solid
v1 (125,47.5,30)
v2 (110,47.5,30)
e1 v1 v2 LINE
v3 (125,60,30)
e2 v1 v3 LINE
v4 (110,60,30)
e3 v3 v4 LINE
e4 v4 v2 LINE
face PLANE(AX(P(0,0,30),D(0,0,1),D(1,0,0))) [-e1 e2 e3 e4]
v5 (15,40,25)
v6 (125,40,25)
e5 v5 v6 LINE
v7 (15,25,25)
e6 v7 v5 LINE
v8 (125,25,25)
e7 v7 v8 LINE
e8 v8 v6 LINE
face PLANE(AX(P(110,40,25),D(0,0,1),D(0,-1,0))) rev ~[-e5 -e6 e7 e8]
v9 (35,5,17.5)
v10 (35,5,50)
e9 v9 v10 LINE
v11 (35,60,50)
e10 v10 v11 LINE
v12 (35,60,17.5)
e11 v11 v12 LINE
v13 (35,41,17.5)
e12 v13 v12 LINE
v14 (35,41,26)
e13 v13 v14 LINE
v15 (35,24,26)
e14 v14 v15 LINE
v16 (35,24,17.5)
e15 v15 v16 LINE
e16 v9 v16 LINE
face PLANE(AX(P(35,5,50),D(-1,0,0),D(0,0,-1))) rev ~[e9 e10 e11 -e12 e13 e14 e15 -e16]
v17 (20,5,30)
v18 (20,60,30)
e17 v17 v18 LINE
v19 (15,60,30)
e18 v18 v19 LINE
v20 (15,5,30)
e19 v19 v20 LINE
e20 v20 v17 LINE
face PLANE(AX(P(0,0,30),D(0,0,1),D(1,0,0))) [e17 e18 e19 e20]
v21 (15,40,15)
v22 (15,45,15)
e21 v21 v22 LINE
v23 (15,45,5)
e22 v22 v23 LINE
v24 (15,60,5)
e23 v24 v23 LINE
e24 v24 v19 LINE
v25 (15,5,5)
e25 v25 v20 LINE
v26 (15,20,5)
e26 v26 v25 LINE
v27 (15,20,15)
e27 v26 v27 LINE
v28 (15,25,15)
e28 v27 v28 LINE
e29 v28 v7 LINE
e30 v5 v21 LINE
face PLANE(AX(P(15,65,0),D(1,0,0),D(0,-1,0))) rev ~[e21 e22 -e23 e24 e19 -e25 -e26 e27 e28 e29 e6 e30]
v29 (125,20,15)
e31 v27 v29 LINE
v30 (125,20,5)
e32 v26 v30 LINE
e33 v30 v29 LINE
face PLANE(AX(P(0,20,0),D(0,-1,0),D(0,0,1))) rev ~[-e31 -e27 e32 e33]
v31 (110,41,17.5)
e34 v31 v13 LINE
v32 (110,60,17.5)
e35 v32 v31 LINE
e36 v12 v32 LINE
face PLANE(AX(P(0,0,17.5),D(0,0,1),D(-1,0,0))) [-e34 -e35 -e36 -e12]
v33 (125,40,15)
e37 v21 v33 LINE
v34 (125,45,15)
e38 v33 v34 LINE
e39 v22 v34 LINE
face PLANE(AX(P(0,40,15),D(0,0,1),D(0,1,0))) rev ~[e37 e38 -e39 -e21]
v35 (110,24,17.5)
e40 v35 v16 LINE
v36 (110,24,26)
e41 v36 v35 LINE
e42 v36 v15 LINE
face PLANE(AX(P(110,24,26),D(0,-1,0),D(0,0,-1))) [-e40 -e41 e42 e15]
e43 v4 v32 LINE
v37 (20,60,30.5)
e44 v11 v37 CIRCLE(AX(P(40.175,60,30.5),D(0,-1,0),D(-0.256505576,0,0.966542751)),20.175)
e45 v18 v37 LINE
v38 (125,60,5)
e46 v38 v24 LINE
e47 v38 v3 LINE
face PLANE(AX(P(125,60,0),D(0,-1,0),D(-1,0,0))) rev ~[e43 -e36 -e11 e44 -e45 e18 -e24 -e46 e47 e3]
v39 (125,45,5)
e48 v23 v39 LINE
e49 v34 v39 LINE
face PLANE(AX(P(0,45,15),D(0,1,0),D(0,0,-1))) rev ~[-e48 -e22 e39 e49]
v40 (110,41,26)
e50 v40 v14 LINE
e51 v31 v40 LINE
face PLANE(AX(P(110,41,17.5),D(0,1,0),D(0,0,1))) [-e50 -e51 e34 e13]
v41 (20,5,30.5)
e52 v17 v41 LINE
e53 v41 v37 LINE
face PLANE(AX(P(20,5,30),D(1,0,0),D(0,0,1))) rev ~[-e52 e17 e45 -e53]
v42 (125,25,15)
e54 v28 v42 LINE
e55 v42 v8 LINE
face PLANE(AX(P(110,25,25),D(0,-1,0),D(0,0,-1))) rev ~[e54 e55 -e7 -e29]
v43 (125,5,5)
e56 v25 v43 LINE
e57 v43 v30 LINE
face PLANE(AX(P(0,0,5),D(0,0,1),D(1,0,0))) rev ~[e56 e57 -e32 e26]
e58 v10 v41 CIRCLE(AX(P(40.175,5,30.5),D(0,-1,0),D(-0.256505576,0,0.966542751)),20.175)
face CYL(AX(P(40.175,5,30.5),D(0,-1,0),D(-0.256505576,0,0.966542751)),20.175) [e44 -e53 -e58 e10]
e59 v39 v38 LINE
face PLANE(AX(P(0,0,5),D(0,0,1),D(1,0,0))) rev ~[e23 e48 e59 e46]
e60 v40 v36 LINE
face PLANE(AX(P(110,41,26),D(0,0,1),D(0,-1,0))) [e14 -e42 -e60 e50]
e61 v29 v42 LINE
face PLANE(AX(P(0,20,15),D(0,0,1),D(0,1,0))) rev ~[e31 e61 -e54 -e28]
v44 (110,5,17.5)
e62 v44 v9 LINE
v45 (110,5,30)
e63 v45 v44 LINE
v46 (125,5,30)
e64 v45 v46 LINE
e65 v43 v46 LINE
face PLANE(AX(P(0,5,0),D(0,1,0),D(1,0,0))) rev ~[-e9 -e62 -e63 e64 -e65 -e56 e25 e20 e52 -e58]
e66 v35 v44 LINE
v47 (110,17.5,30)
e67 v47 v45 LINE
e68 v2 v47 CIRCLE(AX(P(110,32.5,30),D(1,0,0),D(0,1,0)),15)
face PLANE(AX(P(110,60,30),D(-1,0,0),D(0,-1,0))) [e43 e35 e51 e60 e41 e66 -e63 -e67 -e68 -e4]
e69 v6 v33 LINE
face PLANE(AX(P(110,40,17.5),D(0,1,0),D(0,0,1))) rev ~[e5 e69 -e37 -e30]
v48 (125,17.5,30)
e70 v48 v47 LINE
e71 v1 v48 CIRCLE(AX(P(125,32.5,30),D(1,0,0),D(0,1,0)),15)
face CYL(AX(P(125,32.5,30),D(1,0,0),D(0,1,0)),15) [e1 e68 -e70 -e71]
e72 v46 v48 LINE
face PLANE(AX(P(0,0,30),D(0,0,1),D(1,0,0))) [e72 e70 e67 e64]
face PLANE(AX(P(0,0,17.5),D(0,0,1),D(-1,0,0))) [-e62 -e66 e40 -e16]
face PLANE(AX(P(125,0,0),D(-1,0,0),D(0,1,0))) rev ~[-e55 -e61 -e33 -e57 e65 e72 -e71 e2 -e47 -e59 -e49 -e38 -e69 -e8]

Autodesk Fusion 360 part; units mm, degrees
sketch "Sketch1" plane through (0, 0, 0) normal (0, 0, 1) x (1, 0, 0)
  line L0 (0, 0) -> (125, 0)
  line L1 (125, 0) -> (125, 65)
  line L2 (125, 65) -> (0, 65)
  line L3 (0, 65) -> (0, 0)
extrude "Extrude1" add sketch "Sketch1" along normal blind 30
sketch "Sketch2" plane through (0, 0, 0) normal (-1, 0, 0) x (0, -1, 0)
  line L0 (-65, 0) -> (0, 0)
  line L1 (0, 0) -> (0, 30)
  line L2 (0, 30) -> (-65, 30)
  line L3 (-65, 30) -> (-65, 0)
  line L4 (-20, 0) -> (-20, 15)
  line L5 (-20, 15) -> (-25, 15)
  line L6 (-25, 15) -> (-25, 25)
  line L7 (-25, 25) -> (-40, 25)
  line L8 (-40, 25) -> (-40, 15)
  line L9 (-40, 15) -> (-45, 15)
  line L10 (-45, 15) -> (-45, 0)
  line L11 (-45, 0) -> (-20, 0)
  dimension "d18" = 15
  dimension "d19" = 15
extrude "Extrude2" cut sketch "Sketch2" against normal blind 125 contours L0 L4 L5 L6 L7 L8 L9 L10 L11
extrude "Extrude3" cut 1 faces at (41.6667, 0, 10) along direction (0, 1, 0) blind 5
extrude "Extrude4" cut 1 faces at (83.3333, 65, 10) along direction (0, -1, 0) blind 5
extrude "Extrude5" cut 1 faces at (0, 55, 15) along direction (1, 0, 0) blind 15
sketch "Sketch3" plane through (0, 5, 0) normal (0, -1, 0) x (1, 0, 0)
  line L0 (15, 30) -> (15, 0)
  line L1 (15, 0) -> (125, 0)
  line L2 (125, 0) -> (125, 30)
  line L3 (125, 30) -> (15, 30)
  line L4 (20, 30) -> (20, 30.5)
  arc A0 (35, 50) -> (20, 30.5) centre (40.175, 30.5) ccw
  line L5 (35, 50) -> (35, 30)
extrude "Extrude6" add sketch "Sketch3" against normal blind 55 contours L3 L4 A0 L5
sketch "Sketch4" plane through (0, 0, 30) normal (0, 0, 1) x (-1, 0, 0)
  line L0 (-35, -60) -> (-35, -5)
  line L1 (-35, -5) -> (-125, -5)
  line L2 (-125, -5) -> (-125, -60)
  line L3 (-125, -60) -> (-35, -60)
sketch "Sketch5" plane through (125, 0, 0) normal (1, 0, 0) x (0, 1, 0)
  line L0 (60, 0) -> (60, 30)
  line L1 (60, 30) -> (5, 30)
  line L2 (5, 30) -> (5, 0)
  line L3 (5, 0) -> (20, 0)
  line L4 (20, 0) -> (20, 15)
  line L5 (20, 15) -> (25, 15)
  line L6 (25, 15) -> (25, 25)
  line L7 (25, 25) -> (40, 25)
  line L8 (40, 25) -> (40, 15)
  line L9 (40, 15) -> (45, 15)
  line L10 (45, 15) -> (45, 0)
  line L11 (45, 0) -> (60, 0)
  circle A0 centre (32.5, 30) radius 15
  dimension "d13" = 30
extrude "Extrude7" add sketch "Sketch5" against normal blind 15 contours L1 A0
sketch "Sketch6" plane through (0, 0, 30) normal (0, 0, 1) x (-1, 0, 0)
  line L0 (-35, -60) -> (-110, -60)
  line L1 (-110, -60) -> (-110, -5)
  line L2 (-110, -5) -> (-35, -5)
  line L3 (-35, -5) -> (-35, -60)
extrude "Extrude8" cut sketch "Sketch6" against normal blind 12.5
extrude "Extrude9" cut 2 faces at (51.6667, 15, 0) (88.3333, 50, 0) along direction (0, 0, 1) blind 5
sketch "Sketch7" plane through (110, 0, 0) normal (-1, 0, 0) x (0, -1, 0)
  arc A0 (-17.5, 30) -> (-47.5, 30) centre (-32.5, 30) ccw
  line L0 (-47.5, 30) -> (-60, 30)
  line L1 (-60, 30) -> (-60, 17.5)
  line L2 (-60, 17.5) -> (-40, 17.5)
  line L3 (-40, 17.5) -> (-40, 25)
  line L4 (-40, 25) -> (-25, 25)
  line L5 (-25, 25) -> (-25, 17.5)
  line L6 (-25, 17.5) -> (-5, 17.5)
  line L7 (-5, 17.5) -> (-5, 30)
  line L8 (-5, 30) -> (-17.5, 30)
  line L9 (-40, 17.5) -> (-41, 17.5)
  line L10 (-41, 17.5) -> (-41, 26)
  line L11 (-41, 26) -> (-24, 26)
  line L12 (-24, 26) -> (-24, 17.5)
  line L13 (-24, 17.5) -> (-25, 17.5)
  line L14 (-25, 17.5) -> (-25, 25)
  line L15 (-40, 25) -> (-40, 17.5)
  dimension "d22" = 1
  dimension "d23" = 8.5
  dimension "d24" = 17
extrude "Extrude10" add sketch "Sketch7" along normal blind 75 contours L2 L3 L4 L5 L6 L9 L10 L11 L12 L13 L14 L15
